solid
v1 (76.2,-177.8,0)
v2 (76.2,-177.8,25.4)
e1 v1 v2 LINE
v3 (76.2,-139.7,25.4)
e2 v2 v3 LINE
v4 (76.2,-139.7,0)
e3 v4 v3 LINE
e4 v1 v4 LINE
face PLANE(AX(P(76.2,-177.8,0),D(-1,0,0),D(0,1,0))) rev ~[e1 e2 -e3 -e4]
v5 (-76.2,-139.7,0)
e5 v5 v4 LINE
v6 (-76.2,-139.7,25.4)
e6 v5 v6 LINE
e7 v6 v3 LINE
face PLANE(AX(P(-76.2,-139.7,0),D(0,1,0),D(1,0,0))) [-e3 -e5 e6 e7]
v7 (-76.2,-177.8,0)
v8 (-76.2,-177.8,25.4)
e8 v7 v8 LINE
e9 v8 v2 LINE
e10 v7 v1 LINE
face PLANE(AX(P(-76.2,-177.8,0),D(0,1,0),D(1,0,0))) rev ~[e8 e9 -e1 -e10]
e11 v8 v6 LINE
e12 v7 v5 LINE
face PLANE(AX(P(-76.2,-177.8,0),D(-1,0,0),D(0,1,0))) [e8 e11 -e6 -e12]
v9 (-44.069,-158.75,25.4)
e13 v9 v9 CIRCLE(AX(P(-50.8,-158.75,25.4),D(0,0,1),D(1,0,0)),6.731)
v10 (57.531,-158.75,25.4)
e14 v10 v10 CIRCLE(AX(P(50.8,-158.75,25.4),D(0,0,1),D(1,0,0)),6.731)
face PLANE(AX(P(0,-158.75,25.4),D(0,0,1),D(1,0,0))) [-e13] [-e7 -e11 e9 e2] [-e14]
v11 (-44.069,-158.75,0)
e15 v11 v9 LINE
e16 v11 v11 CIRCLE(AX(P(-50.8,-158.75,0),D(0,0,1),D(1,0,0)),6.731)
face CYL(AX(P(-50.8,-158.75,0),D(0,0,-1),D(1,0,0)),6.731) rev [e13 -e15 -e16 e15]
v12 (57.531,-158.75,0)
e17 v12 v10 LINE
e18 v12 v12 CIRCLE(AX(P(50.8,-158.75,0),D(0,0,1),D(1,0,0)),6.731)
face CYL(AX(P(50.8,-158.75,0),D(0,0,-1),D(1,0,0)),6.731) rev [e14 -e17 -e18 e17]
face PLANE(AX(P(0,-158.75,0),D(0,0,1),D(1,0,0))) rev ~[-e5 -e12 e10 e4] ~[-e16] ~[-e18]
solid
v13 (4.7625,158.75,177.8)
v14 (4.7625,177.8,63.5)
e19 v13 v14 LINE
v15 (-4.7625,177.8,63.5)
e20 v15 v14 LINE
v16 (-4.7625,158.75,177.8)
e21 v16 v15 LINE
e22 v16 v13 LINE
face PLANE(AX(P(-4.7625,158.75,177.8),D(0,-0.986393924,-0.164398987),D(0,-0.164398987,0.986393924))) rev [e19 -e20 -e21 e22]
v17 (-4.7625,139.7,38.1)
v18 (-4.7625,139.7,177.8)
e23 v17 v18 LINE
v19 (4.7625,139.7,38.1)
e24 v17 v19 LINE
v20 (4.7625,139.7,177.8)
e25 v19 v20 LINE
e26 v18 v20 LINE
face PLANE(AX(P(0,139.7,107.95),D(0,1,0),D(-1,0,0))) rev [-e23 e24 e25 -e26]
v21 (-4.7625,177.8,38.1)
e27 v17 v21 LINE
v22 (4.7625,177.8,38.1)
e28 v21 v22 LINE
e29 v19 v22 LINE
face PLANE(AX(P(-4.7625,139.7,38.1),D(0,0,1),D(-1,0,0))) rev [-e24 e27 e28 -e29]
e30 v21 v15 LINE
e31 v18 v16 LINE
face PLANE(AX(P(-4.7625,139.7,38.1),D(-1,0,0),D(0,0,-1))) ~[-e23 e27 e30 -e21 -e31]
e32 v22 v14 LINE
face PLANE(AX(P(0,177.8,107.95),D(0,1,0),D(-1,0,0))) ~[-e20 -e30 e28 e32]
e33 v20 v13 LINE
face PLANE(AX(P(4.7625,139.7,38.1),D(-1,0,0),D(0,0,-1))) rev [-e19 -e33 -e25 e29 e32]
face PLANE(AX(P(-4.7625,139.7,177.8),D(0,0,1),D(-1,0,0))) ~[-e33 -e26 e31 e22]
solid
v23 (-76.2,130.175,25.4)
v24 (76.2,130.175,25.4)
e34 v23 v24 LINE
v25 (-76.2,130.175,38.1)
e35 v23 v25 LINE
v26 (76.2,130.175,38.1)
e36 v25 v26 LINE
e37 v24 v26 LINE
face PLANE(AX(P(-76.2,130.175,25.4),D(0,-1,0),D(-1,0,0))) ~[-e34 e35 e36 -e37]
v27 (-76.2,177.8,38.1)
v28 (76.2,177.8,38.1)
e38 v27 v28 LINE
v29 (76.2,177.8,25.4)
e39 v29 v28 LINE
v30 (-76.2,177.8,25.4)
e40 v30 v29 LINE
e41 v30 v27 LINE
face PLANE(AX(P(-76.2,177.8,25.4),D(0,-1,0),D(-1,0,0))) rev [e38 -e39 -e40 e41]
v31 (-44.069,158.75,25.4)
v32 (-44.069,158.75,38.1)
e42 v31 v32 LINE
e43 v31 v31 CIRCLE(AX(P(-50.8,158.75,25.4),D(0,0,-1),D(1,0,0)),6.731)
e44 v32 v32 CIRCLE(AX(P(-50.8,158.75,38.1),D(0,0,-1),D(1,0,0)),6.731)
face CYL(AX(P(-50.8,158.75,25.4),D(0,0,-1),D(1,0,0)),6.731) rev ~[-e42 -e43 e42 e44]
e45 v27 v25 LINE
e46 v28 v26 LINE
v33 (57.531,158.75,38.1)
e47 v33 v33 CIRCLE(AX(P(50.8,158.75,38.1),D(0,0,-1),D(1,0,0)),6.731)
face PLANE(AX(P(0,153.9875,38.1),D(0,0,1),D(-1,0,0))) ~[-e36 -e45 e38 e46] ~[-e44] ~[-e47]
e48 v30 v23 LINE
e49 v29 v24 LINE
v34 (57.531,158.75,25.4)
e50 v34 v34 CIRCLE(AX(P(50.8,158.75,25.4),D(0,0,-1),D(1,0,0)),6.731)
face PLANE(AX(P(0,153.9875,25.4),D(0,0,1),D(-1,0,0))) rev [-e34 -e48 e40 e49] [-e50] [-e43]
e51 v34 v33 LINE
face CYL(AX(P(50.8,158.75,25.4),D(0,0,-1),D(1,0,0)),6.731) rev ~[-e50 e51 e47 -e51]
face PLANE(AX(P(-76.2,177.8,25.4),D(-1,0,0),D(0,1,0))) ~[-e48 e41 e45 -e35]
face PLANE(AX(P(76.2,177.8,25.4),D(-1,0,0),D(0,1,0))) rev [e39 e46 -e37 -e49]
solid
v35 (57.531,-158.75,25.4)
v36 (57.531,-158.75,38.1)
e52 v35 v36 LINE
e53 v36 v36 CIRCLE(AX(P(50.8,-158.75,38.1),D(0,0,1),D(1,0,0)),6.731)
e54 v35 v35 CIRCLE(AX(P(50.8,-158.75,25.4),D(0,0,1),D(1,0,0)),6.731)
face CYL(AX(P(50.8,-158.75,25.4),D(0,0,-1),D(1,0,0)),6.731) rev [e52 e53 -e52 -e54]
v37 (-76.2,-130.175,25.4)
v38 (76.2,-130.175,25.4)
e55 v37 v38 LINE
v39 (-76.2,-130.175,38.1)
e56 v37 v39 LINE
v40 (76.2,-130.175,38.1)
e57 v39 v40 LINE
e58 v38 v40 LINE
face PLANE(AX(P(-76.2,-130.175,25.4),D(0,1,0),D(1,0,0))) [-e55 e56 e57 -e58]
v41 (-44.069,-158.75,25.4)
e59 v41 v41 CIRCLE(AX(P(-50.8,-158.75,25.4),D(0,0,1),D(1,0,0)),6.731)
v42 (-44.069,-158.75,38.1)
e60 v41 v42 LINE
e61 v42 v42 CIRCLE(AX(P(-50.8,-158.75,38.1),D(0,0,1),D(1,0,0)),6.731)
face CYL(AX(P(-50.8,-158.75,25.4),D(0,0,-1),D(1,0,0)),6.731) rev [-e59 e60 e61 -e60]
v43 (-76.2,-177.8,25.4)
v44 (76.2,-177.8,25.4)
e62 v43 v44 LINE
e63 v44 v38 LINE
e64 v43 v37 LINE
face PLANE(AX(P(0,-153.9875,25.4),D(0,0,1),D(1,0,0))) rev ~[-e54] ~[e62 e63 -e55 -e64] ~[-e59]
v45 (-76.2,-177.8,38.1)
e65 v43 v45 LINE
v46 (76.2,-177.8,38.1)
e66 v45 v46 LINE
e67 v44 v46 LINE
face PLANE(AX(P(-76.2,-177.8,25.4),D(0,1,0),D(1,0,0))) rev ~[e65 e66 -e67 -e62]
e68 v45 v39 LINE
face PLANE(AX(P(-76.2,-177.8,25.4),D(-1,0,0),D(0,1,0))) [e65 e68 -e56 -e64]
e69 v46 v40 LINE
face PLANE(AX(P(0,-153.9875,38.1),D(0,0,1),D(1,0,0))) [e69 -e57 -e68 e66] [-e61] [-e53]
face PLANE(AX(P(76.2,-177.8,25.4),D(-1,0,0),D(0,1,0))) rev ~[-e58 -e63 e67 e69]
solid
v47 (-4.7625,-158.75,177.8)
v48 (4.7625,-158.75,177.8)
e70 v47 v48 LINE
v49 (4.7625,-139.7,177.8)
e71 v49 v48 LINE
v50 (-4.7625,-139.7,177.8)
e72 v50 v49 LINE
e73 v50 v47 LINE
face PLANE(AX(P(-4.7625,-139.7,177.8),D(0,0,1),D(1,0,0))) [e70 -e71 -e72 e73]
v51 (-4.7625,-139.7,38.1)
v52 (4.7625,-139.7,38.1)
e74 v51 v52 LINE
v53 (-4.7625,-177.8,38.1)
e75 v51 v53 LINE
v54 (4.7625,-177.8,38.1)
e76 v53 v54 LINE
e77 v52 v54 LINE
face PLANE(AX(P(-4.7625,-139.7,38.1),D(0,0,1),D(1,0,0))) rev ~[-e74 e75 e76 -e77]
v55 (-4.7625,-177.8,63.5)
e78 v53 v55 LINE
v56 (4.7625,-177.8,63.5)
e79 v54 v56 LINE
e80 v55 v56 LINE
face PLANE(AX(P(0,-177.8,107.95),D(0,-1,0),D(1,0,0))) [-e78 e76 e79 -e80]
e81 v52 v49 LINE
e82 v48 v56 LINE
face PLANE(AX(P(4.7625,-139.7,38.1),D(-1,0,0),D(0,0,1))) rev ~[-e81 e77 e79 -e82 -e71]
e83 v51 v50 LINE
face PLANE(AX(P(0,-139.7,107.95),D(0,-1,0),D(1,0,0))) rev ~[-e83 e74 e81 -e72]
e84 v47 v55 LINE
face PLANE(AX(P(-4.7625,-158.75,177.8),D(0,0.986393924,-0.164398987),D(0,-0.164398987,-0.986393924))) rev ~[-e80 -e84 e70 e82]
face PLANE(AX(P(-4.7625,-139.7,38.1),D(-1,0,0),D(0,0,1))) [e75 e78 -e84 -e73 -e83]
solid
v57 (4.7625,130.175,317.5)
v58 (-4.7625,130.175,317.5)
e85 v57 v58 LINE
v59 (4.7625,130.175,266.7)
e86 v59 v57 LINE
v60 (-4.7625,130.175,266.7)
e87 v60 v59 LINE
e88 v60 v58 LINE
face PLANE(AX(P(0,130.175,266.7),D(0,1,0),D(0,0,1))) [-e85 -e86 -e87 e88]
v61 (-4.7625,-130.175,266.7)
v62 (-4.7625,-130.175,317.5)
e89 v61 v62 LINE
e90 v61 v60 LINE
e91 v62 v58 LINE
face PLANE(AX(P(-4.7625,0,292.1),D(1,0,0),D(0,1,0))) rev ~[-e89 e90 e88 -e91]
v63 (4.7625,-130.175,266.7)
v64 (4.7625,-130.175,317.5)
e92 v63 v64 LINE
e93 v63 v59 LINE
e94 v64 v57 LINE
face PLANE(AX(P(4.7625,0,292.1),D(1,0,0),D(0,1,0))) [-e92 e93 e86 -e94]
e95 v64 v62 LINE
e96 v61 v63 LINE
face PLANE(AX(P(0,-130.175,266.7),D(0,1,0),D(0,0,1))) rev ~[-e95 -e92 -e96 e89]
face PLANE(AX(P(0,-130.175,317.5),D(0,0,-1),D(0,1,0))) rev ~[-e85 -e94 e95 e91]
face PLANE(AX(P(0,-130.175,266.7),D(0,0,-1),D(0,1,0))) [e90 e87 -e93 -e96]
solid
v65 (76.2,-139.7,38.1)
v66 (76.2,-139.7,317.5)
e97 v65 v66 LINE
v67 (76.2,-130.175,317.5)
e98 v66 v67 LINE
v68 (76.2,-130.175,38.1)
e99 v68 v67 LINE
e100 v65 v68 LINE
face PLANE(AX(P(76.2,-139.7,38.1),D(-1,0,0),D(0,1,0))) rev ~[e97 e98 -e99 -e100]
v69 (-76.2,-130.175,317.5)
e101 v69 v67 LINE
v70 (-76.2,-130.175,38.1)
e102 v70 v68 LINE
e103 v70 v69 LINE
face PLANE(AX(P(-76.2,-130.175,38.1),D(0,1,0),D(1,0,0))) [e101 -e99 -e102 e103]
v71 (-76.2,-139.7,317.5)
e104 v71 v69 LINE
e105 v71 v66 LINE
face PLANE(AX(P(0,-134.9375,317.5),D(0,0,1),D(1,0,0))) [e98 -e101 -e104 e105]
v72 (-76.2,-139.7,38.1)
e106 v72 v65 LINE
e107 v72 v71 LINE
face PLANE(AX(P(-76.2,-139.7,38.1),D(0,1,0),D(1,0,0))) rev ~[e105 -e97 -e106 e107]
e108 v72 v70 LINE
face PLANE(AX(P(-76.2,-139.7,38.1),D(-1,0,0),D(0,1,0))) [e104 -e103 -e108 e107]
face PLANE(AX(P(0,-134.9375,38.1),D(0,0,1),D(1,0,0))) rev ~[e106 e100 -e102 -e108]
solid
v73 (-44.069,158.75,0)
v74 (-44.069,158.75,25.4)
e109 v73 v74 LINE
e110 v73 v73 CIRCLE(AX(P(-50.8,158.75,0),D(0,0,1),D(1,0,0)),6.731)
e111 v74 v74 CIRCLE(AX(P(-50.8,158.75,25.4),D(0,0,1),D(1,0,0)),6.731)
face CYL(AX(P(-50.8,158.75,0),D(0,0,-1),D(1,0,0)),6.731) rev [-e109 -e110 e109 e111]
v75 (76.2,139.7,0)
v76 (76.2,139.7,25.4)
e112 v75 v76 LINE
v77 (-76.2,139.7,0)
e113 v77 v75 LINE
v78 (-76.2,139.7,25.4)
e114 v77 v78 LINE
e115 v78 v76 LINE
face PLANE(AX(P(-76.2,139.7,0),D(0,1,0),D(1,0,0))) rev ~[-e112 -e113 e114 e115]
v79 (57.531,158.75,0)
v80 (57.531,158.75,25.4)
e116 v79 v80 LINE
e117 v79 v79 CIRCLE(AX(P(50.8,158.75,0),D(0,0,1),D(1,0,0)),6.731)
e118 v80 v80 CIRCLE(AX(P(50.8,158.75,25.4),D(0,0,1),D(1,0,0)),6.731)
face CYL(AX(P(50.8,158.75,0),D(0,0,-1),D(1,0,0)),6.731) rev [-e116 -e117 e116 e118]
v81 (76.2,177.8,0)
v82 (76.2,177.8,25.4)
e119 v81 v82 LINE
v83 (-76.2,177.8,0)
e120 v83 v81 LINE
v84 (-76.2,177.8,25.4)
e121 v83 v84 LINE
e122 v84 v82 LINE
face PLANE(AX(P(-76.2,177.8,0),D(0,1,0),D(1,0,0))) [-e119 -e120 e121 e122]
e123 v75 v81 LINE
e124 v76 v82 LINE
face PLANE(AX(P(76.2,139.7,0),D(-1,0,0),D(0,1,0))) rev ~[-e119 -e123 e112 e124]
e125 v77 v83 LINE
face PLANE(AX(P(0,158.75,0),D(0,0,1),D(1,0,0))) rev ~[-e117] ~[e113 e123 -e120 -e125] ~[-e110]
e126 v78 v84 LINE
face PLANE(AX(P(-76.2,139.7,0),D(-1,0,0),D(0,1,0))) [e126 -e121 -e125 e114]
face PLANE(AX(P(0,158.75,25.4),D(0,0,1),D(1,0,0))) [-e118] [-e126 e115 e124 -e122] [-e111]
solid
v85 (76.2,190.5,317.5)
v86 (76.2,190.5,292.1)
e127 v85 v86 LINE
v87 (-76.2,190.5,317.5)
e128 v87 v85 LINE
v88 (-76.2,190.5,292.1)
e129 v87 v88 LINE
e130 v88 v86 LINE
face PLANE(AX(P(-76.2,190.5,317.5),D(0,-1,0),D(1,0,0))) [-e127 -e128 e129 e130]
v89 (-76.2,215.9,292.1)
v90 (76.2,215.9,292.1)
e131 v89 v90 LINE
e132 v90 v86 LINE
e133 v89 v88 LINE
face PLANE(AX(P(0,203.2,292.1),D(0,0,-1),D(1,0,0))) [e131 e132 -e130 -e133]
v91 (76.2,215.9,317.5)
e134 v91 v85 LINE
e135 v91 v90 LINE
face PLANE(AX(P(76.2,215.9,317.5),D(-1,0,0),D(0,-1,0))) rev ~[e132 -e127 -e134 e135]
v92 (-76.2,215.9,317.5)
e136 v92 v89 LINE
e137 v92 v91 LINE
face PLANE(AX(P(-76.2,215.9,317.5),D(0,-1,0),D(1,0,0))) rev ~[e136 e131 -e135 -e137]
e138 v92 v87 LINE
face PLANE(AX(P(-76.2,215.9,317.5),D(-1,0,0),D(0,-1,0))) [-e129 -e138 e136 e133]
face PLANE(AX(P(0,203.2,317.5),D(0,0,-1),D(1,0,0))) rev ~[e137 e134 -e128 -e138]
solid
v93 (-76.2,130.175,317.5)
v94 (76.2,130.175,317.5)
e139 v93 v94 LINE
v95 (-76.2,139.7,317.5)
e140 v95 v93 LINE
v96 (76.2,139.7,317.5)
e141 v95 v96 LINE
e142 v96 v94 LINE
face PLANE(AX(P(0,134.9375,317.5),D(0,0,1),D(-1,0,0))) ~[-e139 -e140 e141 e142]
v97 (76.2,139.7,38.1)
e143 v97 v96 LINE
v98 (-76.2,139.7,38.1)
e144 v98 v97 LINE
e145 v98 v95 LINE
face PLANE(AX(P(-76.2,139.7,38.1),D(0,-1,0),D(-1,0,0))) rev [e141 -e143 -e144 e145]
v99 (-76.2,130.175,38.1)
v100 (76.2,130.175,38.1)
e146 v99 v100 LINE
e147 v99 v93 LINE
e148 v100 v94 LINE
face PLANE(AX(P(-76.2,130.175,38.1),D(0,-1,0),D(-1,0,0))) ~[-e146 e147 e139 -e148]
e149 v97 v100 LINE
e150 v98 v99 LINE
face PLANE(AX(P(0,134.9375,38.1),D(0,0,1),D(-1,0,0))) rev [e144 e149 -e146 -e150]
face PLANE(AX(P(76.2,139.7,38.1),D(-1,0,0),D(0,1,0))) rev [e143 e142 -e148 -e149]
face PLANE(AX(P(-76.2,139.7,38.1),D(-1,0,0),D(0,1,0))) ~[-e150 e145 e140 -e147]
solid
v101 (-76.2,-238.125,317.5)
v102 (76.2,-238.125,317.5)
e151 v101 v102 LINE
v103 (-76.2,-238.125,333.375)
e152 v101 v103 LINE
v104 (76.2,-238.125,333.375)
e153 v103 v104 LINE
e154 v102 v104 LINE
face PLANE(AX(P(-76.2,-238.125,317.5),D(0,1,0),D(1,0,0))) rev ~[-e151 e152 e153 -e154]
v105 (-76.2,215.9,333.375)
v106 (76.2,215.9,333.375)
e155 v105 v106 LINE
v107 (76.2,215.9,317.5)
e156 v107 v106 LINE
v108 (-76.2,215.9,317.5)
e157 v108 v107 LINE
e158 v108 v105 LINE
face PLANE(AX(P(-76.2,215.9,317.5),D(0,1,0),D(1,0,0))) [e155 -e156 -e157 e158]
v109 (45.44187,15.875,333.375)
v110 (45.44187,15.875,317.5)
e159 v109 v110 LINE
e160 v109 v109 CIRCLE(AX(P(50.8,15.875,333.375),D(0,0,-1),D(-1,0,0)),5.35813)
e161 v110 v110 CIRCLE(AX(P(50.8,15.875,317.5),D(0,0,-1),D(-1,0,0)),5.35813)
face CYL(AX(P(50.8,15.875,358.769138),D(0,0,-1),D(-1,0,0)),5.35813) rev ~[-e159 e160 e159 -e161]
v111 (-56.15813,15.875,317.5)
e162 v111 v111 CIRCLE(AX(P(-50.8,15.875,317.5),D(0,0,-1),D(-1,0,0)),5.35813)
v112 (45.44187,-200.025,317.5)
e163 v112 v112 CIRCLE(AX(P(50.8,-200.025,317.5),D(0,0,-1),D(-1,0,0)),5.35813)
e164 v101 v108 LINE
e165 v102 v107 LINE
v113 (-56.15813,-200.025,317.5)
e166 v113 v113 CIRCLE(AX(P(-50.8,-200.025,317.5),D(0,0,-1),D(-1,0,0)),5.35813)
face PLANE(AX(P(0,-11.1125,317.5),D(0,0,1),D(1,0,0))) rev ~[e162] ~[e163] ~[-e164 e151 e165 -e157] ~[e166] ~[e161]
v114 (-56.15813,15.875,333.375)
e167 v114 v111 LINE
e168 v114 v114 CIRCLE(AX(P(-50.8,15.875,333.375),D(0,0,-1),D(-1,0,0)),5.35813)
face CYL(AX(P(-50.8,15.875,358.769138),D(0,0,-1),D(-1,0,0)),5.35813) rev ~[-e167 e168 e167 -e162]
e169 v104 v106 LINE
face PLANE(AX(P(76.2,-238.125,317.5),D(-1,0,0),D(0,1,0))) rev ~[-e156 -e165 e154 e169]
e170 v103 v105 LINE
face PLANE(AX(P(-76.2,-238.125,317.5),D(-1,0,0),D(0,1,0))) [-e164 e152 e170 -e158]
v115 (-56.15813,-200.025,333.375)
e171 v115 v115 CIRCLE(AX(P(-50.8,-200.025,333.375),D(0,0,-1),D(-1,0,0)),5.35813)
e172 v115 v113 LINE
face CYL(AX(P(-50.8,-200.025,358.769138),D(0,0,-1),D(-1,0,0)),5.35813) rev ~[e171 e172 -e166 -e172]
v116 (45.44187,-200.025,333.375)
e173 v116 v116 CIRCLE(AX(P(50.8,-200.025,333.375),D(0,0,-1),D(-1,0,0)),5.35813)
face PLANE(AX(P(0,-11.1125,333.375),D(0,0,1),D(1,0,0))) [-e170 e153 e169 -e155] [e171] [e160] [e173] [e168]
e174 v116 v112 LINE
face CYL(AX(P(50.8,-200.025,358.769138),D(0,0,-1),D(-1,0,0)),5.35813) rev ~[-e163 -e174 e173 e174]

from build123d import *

# Parameters (mm, degrees)
F0_W      = 152.4
F0_H      = 38.1
F0_R      = 6.731
F1_DEPTH  = 25.4
F2_W      = 152.4
F2_H      = 47.625
F2_R      = 6.731
F3_DEPTH  = 12.7
F4_W      = 152.4
F4_H      = 9.525
F5_DEPTH  = 279.4
F7_W      = 152.4
F7_H      = 454.025
F8_DEPTH  = 15.875
F9_W      = 152.4
F9_H      = 25.4
F10_DEPTH = 25.4
F11_W     = 260.35
F11_H     = 50.8
F12_DEPTH = 4.7625
F13_W     = 9.525
F13_H     = 139.7
F14_DEPTH = 38.1
F16_DEPTH = 80.9635
F19_D     = 10.71626
F19_DEPTH = 25.3941384615
F19_TIP   = 3.2194893086


with BuildPart() as f1:
    # F0 (on Top) → F1 (new body)
    with BuildSketch(Plane.XY):
        with Locations((0, -158.75)):
            Rectangle(F0_W, F0_H)
        with Locations((-50.8, -158.75)):
            Circle(F0_R, mode=Mode.SUBTRACT)
        with Locations((50.8, -158.75)):
            Circle(F0_R, mode=Mode.SUBTRACT)
    extrude(amount=F1_DEPTH)


with BuildPart() as f1b:
    # F0 (on Top) → F1, piece 2 (new body)
    with BuildSketch(Plane.XY):
        with Locations((0, 158.75)):
            Rectangle(F0_W, F0_H)
        with Locations((-50.8, 158.75)):
            Circle(F0_R, mode=Mode.SUBTRACT)
        with Locations((50.8, 158.75)):
            Circle(F0_R, mode=Mode.SUBTRACT)
    extrude(amount=F1_DEPTH)


with BuildPart() as f3:
    # F2 (on face) → F3 (new body)
    with BuildSketch(Plane.XY.offset(25.4)):
        with Locations((0, -153.9875)):
            Rectangle(F2_W, F2_H)
        with Locations((-50.8, -158.75)):
            Circle(F2_R, mode=Mode.SUBTRACT)
        with Locations((50.8, -158.75)):
            Circle(F2_R, mode=Mode.SUBTRACT)
    extrude(amount=F3_DEPTH)


with BuildPart() as f5:
    # F4 (on face) → F5 (new body)
    with BuildSketch(Plane.XY.offset(38.1)):
        with Locations((0, -134.9375)):
            Rectangle(F4_W, F4_H)
    extrude(amount=F5_DEPTH)


with BuildPart() as f6_1:
    # F6: instance of F3
    add(f3.part.mirror(Plane.XZ))


with BuildPart() as f6_2:
    # F6: instance of F5
    add(f5.part.mirror(Plane.XZ))


with BuildPart() as f8:
    # F7 (on face) → F8 (new body)
    with BuildSketch(Plane.XY.offset(317.5)):
        with Locations((0, -11.1125)):
            Rectangle(F7_W, F7_H)
    extrude(amount=F8_DEPTH)

    # F19
    with Locations(Plane.XY.offset(333.375)):
        with Locations((50.8, 15.875), (-50.8, 15.875), (50.8, -200.025), (-50.8, -200.025)):
            Hole(F19_D / 2, depth=F19_DEPTH)
            with Locations((0, 0, -(F19_DEPTH + F19_TIP / 2))):  # 118° drill point
                Cone(0, F19_D / 2, F19_TIP, mode=Mode.SUBTRACT)


with BuildPart() as f10:
    # F9 (on face) → F10 (new body)
    with BuildSketch(Plane(origin=(0, 0, 317.5), x_dir=(1, 0, 0), z_dir=(0, 0, -1))):
        with Locations((0, -203.2)):
            Rectangle(F9_W, F9_H)
    extrude(amount=F10_DEPTH)


with BuildPart() as f12:
    # F11 (on Right) → F12 (new body, symmetric)
    with BuildSketch(Plane.YZ):
        with Locations((0, 292.1)):
            Rectangle(F11_W, F11_H)
    extrude(amount=F12_DEPTH, both=True)


with BuildPart() as f14:
    # F13 (on face) → F14 (new body)
    with BuildSketch(Plane.XZ.offset(139.7)):
        with Locations((0, 107.95)):
            Rectangle(F13_W, F13_H)
    extrude(amount=F14_DEPTH)

    # F15 (on face) → F16 (cut, through all)
    with BuildSketch(Plane(origin=(-4.7625, 0, 0), x_dir=(0, -1, 0), z_dir=(-1, 0, 0))):
        Polygon((158.75, 177.8), (177.8, 63.5), (177.8, 177.8), align=None)
    extrude(amount=-F16_DEPTH, mode=Mode.SUBTRACT)


with BuildPart() as f17_1:
    # F17: instance of F14
    add(f14.part.mirror(Plane.XZ))


solid = Compound([f1.part, f1b.part, f3.part, f5.part, f6_1.part, f6_2.part, f8.part, f10.part, f12.part, f14.part, f17_1.part])
